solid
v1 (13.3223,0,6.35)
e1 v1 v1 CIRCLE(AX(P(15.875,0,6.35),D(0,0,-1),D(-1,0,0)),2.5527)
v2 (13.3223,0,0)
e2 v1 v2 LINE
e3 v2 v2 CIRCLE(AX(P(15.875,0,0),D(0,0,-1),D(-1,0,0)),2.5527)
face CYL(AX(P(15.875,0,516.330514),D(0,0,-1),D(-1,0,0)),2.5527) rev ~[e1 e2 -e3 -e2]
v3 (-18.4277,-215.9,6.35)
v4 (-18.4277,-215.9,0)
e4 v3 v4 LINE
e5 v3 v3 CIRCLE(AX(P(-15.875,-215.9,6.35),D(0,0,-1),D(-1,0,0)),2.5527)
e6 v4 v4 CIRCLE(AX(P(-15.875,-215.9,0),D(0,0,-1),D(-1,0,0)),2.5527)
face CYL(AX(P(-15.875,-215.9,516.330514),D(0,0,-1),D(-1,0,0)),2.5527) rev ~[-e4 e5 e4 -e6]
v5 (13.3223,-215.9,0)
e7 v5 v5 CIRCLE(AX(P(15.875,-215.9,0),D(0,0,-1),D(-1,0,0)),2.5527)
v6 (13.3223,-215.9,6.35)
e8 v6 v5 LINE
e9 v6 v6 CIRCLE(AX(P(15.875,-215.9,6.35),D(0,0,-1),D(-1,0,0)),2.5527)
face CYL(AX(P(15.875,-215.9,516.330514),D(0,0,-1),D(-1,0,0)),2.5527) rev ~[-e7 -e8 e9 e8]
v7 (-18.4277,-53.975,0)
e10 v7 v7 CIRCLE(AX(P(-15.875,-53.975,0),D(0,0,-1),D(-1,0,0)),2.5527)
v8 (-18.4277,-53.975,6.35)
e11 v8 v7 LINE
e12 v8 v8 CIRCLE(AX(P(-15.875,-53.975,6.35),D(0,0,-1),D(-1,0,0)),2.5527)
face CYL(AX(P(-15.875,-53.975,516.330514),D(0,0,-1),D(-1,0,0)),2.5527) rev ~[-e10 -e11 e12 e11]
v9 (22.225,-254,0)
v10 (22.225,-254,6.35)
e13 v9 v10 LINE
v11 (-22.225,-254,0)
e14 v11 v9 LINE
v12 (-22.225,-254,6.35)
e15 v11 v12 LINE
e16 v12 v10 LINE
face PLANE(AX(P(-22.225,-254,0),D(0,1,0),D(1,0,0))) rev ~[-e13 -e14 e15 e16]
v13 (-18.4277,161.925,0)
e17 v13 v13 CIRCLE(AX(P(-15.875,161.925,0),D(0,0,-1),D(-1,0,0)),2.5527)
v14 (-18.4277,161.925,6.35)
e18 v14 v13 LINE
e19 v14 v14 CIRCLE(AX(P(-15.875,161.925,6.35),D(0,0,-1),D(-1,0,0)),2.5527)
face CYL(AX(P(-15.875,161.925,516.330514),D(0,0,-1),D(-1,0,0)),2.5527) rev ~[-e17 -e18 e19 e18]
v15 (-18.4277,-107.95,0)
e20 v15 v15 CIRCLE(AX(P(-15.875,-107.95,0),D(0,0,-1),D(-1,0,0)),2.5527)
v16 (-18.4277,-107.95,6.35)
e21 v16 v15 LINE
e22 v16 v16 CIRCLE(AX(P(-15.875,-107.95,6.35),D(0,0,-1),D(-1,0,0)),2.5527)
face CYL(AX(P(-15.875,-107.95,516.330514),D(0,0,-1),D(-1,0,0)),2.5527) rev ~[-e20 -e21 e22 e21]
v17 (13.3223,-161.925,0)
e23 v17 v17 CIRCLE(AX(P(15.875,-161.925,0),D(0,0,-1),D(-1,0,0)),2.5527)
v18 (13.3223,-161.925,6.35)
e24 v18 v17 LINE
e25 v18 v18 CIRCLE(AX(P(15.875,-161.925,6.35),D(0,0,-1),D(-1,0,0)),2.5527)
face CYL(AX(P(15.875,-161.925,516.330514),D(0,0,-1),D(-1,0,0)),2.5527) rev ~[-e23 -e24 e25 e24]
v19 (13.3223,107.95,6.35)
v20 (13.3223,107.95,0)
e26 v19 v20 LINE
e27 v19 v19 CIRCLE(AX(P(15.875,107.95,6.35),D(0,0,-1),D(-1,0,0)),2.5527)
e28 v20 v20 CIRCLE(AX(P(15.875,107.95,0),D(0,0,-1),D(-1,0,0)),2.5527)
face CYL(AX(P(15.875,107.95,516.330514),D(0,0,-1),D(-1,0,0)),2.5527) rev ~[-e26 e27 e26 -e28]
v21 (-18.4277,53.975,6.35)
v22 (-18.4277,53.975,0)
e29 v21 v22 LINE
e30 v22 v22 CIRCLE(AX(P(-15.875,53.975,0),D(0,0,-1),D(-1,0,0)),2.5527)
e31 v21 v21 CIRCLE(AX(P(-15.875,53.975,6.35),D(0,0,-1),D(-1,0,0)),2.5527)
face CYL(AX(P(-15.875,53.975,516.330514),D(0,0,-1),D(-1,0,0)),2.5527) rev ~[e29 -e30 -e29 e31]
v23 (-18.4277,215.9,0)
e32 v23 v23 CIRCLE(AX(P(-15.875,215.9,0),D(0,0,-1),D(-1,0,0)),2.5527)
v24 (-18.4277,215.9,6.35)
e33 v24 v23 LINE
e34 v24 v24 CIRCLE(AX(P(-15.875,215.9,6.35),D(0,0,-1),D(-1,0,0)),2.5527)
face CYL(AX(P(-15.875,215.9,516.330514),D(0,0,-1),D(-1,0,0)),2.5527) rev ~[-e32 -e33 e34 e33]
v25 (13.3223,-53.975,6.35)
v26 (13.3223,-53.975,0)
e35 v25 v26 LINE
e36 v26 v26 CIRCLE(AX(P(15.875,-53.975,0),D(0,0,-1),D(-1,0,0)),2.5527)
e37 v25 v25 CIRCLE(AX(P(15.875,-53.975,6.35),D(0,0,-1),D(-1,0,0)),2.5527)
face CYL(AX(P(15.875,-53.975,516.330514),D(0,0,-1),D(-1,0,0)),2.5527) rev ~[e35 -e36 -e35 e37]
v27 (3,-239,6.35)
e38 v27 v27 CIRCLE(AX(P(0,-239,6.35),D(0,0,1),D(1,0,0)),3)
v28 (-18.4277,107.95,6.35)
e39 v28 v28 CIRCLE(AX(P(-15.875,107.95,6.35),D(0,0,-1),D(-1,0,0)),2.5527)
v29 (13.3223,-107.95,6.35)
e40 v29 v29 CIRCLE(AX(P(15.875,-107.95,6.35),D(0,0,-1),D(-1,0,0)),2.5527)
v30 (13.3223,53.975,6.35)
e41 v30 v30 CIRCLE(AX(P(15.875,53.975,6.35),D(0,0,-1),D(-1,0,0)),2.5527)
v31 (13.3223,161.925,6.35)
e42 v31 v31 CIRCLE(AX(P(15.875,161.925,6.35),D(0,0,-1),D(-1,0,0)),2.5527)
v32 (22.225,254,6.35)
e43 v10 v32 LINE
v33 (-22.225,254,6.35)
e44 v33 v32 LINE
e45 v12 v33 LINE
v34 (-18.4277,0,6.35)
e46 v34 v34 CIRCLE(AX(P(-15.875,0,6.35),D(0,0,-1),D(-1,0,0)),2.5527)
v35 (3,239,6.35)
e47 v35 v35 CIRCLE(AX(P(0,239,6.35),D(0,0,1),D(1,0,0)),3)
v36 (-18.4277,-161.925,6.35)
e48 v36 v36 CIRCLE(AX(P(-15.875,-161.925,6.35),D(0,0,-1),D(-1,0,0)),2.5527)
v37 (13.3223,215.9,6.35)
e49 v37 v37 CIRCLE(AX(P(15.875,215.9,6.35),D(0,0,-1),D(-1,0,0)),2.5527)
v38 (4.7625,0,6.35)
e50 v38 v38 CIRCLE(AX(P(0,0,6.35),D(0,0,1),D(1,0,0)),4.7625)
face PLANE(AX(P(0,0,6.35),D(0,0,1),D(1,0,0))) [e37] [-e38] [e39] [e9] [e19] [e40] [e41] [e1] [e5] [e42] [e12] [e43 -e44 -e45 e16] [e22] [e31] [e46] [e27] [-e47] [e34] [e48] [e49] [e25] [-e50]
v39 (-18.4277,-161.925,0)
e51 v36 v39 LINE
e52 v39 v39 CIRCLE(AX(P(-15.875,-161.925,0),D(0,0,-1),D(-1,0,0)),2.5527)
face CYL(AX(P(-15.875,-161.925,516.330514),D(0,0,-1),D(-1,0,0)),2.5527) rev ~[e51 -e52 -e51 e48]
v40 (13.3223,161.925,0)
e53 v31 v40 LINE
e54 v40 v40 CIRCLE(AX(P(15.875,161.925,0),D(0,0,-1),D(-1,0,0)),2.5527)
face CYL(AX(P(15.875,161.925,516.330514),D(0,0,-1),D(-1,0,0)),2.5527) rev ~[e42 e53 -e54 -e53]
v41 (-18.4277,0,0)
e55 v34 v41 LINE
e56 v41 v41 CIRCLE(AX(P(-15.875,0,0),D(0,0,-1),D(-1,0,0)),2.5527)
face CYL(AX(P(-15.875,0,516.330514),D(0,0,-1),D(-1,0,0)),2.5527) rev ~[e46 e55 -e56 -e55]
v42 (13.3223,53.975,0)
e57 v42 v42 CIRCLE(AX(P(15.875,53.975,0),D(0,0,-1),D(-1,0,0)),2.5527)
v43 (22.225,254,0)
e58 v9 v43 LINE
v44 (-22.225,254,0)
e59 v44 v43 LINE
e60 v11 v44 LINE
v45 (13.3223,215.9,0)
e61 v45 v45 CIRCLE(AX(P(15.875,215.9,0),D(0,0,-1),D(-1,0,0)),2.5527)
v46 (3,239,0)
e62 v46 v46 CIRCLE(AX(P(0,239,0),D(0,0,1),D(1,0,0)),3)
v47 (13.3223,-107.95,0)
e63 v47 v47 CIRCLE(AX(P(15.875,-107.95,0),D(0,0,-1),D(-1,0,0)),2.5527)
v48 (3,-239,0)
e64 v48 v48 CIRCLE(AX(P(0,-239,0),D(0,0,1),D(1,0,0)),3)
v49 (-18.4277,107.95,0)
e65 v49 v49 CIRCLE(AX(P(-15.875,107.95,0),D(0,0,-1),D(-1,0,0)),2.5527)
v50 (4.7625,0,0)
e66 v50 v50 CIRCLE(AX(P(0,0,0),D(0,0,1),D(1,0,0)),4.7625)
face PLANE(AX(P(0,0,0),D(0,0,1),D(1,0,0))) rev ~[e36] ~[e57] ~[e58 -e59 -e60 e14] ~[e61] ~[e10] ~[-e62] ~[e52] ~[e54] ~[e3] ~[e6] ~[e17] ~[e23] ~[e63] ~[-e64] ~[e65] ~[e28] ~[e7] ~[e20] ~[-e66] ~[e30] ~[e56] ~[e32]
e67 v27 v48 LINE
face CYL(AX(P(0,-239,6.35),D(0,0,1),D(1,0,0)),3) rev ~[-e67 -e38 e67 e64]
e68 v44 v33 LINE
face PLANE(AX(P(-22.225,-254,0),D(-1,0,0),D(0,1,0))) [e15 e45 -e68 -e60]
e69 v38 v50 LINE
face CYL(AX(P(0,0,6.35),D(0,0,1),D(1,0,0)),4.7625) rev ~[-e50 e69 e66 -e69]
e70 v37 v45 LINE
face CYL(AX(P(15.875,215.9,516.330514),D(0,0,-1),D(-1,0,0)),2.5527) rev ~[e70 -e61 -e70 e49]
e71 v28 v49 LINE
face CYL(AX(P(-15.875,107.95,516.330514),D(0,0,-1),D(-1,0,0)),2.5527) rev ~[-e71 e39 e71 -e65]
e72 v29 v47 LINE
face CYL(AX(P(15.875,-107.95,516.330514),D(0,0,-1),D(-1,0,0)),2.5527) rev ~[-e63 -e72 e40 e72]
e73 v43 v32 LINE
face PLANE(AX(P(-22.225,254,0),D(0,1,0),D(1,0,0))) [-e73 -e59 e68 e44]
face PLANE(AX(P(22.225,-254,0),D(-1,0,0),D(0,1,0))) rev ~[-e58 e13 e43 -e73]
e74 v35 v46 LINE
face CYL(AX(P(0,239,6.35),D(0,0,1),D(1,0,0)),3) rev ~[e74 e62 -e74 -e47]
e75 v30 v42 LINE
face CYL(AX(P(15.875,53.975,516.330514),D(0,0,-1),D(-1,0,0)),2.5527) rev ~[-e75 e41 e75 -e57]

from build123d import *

# Parameters (mm, degrees)
F0_W     = 44.45
F0_H     = 508
F1_DEPTH = 6.35
F3_D     = 5.1054
F4_R     = 3
F5_DEPTH = 6.35
F6_R     = 4.7625
F7_DEPTH = 6.35


with BuildPart() as f1:
    # F0 (on Top) → F1 (new body)
    with BuildSketch(Plane.XY):
        Rectangle(F0_W, F0_H)
    extrude(amount=F1_DEPTH)

    # F3 (through all)
    with Locations(Plane.XY.offset(6.35)):
        with Locations((-15.875, -215.9), (15.875, -215.9), (15.875, -161.925), (-15.875, -161.925), (-15.875, -107.95), (15.875, -107.95), (15.875, -53.975), (-15.875, -53.975), (-15.875, 0), (15.875, 0), (15.875, 53.975), (-15.875, 53.975), (-15.875, 107.95), (15.875, 107.95), (-15.875, 161.925), (15.875, 161.925), (15.875, 215.9), (-15.875, 215.9)):
            Hole(F3_D / 2)

    # F4 (on face) → F5 (cut, through all)
    with BuildSketch(Plane.XY.offset(6.35)):
        with Locations((0, -239)):
            Circle(F4_R)
        with Locations((0, 239)):
            Circle(F4_R)
    extrude(amount=-F5_DEPTH, mode=Mode.SUBTRACT)

    # F6 (on face) → F7 (cut, through all)
    with BuildSketch(Plane.XY.offset(6.35)):
        Circle(F6_R)
    extrude(amount=-F7_DEPTH, mode=Mode.SUBTRACT)


solid = f1.part
